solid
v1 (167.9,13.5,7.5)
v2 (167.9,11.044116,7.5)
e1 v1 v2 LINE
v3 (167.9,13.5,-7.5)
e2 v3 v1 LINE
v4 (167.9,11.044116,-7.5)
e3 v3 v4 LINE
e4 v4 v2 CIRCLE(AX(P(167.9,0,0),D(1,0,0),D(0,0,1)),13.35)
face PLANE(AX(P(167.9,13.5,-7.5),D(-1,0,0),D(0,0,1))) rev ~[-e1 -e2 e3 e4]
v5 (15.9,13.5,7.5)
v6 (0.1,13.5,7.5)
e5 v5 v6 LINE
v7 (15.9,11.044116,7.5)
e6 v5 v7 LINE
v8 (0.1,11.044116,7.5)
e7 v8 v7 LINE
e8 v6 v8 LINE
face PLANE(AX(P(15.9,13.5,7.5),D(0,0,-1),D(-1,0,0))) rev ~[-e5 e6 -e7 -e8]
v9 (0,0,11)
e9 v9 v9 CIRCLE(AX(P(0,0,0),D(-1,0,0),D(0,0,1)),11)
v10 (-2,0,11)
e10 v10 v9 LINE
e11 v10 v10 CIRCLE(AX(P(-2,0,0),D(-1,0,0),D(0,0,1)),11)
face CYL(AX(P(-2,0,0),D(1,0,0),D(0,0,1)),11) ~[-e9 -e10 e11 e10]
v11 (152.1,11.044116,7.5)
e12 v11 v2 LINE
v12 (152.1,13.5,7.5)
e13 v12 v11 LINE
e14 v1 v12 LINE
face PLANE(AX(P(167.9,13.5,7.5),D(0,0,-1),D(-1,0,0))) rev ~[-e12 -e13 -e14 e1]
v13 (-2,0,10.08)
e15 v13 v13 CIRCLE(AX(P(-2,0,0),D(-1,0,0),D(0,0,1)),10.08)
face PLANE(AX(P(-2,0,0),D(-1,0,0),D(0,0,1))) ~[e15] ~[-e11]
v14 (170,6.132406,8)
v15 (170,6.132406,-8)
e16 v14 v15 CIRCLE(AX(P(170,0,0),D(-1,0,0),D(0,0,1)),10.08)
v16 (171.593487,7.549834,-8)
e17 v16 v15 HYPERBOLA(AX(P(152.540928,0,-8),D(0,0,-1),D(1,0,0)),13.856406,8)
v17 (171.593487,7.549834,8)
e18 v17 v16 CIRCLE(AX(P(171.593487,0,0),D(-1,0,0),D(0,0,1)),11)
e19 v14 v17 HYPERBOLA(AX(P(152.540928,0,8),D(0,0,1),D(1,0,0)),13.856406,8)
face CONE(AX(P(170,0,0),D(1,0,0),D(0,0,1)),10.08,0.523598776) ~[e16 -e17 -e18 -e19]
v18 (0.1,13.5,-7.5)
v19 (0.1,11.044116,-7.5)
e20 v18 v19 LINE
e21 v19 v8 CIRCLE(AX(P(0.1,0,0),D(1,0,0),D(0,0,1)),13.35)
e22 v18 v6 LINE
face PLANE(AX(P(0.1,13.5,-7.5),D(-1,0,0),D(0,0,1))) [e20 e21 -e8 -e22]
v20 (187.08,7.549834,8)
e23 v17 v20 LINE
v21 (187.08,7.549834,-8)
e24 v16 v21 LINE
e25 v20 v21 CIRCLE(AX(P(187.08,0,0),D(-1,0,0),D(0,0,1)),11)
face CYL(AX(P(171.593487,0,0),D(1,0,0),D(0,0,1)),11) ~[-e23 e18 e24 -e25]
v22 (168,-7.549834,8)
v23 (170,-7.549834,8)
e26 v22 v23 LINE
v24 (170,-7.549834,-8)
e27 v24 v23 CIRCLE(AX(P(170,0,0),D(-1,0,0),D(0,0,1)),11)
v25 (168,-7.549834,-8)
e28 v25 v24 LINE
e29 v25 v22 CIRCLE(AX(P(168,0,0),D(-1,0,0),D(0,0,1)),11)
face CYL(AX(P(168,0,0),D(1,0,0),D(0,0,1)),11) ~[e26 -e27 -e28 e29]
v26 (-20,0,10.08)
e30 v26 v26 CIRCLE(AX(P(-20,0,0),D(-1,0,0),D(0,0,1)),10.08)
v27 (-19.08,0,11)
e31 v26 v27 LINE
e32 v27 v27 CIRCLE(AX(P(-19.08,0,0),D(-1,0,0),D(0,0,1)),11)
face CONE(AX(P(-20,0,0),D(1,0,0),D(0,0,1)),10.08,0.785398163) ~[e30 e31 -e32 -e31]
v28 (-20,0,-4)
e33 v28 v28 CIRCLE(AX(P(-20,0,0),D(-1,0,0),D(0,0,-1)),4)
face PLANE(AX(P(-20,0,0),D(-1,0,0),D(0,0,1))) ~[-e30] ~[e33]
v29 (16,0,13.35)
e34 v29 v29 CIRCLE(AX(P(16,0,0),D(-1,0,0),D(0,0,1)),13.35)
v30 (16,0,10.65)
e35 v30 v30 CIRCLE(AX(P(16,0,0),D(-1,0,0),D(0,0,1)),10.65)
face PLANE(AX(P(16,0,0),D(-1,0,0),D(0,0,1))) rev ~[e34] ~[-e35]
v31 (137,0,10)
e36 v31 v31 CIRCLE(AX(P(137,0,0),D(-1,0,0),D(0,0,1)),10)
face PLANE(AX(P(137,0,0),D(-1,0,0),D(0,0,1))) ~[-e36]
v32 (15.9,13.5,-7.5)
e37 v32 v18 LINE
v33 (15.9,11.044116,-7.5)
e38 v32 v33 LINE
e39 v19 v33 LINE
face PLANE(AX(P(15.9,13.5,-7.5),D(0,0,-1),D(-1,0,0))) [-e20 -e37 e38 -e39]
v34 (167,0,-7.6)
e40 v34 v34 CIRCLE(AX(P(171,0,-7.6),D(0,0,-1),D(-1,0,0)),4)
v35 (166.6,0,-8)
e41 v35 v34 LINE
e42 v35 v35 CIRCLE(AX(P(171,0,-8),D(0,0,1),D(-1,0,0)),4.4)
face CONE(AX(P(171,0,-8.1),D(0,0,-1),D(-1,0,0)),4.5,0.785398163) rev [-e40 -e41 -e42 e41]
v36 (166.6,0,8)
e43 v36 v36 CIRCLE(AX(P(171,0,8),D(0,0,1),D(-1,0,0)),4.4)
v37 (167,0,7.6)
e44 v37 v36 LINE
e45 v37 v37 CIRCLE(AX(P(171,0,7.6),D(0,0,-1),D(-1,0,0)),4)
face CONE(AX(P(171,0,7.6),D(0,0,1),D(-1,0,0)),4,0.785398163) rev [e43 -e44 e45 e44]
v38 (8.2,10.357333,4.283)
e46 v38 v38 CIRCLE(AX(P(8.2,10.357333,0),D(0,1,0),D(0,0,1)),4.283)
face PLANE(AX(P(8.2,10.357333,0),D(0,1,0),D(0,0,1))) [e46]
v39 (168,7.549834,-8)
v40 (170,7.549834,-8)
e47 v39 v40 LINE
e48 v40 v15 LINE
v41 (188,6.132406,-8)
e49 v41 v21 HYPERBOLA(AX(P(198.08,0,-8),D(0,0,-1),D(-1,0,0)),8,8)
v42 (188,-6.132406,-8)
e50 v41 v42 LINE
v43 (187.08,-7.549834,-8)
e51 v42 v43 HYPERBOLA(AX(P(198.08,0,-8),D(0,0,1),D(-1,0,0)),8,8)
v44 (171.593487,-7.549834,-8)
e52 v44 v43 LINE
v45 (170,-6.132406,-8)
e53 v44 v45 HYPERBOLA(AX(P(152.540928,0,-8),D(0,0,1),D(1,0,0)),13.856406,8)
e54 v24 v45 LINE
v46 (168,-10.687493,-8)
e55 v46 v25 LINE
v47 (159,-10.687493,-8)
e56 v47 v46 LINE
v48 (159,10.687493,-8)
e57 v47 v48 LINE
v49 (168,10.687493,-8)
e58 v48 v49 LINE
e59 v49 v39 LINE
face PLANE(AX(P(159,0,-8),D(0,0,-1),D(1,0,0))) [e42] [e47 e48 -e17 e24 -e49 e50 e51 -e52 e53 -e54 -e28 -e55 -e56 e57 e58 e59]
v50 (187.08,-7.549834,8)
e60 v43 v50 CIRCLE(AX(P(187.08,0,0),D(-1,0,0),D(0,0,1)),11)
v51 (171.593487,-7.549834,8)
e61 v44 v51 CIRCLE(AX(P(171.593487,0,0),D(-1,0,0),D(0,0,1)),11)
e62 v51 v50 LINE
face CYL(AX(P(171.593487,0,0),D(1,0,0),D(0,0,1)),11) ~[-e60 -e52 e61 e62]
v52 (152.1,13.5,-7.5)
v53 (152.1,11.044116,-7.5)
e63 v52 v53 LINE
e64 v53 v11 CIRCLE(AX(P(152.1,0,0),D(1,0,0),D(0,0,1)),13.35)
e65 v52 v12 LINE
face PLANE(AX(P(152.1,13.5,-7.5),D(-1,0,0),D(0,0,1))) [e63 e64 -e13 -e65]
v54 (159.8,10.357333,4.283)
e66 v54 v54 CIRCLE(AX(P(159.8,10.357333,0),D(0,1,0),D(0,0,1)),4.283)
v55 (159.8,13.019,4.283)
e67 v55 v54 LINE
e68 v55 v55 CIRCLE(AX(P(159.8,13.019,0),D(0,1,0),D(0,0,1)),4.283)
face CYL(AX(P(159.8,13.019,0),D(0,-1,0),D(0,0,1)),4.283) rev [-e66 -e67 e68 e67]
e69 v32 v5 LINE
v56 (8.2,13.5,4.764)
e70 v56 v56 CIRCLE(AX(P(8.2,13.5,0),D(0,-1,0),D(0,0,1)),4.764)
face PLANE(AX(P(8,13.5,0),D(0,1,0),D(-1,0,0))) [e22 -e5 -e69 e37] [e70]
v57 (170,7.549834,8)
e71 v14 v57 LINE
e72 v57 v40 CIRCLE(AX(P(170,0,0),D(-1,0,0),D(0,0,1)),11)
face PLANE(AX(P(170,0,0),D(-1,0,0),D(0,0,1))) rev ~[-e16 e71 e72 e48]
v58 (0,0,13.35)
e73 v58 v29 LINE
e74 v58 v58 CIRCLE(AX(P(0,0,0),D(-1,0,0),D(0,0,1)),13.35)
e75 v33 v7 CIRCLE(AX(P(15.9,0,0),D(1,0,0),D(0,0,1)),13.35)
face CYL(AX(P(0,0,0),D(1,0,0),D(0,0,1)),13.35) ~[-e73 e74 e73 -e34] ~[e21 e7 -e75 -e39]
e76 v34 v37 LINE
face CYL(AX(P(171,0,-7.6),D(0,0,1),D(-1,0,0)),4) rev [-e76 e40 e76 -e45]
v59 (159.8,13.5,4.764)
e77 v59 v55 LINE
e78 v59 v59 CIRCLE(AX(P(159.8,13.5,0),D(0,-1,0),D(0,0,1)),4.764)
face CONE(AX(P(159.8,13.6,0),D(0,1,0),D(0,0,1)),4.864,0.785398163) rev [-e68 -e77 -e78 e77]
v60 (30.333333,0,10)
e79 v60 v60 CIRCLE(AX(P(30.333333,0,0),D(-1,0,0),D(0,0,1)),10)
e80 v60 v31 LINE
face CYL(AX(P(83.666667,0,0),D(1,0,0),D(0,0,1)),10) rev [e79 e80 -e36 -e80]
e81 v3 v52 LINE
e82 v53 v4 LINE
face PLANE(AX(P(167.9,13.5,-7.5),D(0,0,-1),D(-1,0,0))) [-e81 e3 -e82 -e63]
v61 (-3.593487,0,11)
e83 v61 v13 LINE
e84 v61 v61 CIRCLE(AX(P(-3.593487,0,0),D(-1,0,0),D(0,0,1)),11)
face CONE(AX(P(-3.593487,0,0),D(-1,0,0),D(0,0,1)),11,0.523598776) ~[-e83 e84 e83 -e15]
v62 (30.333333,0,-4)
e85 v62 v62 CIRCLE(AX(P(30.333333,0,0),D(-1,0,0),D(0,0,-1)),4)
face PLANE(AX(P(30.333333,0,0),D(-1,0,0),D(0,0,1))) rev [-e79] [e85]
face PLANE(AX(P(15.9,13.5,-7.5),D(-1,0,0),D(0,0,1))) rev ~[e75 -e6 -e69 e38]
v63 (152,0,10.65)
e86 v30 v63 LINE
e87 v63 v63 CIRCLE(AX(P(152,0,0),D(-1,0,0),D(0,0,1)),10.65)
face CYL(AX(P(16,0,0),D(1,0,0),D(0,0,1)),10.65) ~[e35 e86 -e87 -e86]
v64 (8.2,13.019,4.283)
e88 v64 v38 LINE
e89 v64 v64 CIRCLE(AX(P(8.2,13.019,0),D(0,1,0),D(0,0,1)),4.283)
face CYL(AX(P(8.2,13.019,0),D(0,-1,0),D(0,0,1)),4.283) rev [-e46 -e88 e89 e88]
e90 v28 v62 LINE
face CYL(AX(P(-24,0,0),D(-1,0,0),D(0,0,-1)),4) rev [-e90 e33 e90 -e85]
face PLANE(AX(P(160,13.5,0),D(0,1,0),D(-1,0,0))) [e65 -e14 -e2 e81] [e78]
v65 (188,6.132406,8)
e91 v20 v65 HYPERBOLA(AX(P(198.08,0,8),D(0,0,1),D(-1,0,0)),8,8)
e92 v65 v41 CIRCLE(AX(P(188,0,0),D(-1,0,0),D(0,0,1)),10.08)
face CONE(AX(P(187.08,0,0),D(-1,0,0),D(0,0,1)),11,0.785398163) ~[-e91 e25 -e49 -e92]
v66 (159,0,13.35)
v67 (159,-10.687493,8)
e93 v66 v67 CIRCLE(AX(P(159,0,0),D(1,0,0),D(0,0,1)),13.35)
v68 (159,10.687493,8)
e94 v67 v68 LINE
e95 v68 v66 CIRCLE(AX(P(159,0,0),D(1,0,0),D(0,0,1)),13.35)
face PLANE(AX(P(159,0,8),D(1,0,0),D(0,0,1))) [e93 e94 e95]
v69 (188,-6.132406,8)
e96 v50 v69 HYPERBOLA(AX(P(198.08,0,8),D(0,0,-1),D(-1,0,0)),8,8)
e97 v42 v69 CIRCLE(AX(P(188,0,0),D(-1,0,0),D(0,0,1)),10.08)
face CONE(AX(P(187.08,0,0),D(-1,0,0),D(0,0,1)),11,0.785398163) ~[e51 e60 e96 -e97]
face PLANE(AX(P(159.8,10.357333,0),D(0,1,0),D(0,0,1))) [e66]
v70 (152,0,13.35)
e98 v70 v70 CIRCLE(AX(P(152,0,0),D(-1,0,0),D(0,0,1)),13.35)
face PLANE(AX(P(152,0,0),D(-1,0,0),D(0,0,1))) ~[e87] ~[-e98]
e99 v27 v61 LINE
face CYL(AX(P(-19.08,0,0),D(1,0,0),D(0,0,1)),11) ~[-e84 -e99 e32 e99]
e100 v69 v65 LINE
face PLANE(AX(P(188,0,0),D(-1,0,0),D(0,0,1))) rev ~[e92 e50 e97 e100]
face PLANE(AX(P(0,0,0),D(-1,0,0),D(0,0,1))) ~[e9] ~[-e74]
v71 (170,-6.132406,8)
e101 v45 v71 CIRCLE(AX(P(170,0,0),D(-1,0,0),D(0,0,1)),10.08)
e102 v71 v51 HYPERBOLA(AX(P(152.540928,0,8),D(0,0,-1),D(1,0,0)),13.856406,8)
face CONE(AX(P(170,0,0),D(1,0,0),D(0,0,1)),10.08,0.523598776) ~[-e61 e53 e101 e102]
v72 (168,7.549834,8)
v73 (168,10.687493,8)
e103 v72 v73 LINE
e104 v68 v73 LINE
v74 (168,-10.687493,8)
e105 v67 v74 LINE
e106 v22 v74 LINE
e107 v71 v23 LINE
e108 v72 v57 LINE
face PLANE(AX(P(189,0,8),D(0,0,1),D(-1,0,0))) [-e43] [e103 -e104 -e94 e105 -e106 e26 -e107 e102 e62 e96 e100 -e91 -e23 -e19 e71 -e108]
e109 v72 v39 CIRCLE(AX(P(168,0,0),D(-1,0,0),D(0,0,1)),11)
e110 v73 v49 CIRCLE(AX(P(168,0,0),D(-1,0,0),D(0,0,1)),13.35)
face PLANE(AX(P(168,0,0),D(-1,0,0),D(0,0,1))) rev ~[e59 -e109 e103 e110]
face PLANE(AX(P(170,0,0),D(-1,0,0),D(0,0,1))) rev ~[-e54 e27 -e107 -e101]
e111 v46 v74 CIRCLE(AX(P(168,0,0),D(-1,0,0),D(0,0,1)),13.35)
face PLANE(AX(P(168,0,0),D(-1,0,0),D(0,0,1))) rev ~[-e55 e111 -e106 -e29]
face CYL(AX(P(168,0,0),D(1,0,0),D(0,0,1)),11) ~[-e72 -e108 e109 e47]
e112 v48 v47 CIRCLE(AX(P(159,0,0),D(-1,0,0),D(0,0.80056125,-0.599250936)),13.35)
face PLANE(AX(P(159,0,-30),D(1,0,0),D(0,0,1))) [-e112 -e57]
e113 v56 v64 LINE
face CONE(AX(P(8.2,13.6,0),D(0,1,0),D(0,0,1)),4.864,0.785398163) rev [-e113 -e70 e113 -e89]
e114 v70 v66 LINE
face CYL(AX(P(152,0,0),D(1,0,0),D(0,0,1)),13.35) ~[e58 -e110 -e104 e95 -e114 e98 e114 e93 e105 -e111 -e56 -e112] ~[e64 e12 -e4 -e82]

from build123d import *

# Parameters (mm, degrees)
SKETCH2_W               = 15.8
SKETCH2_H               = 15
BOSS_EXTRUDE1_DEPTH     = 6.75
SKETCH3_W               = 15.8
SKETCH3_H               = 15
BOSS_EXTRUDE2_DEPTH     = 6.75
CUT_EXTRUDE1_DEPTH      = 27
CUT_EXTRUDE1_DEPTH_BACK = 27
SKETCH8_R               = 4
CUT_EXTRUDE2_DEPTH      = 160.9
SKETCH9_W               = 106.666666667
SKETCH9_H               = 10


with BuildPart() as part:
    # Sketch1 → Revolve1 (revolve)
    with BuildSketch(Plane.XY, mode=Mode.PRIVATE) as revolve1_sk:
        Polygon((-20, 0), (-20, 10.08), (-19.08, 11), (-3.593486743, 11), (-2, 10.08), (-2, 11), (0, 11), (0, 13.35), (16, 13.35), (16, 10.65), (152, 10.65), (152, 13.35), (168, 13.35), (168, 11), (170, 11), (170, 10.08), (171.593486743, 11), (187.08, 11), (188, 10.08), (188, 0), align=None)
    revolve(revolve1_sk.sketch.rotate(Axis((188, 0, 0), (-1, 0, 0)), 270), axis=Axis((188, 0, 0), (-1, 0, 0)))  # turned: the seam where the file's is

    # Sketch2 → Boss-Extrude1 (add)
    with BuildSketch(Plane(origin=(0, 13.5, 0), x_dir=(-1, 0, 0), z_dir=(0, 1, 0))):
        with Locations((-8, 0)):
            Rectangle(SKETCH2_W, SKETCH2_H)
    extrude(amount=-BOSS_EXTRUDE1_DEPTH)

    # Sketch3 → Boss-Extrude2 (add)
    with BuildSketch(Plane(origin=(0, 13.5, 0), x_dir=(-1, 0, 0), z_dir=(0, 1, 0))):
        with Locations((-160, 0)):
            Rectangle(SKETCH3_W, SKETCH3_H)
    extrude(amount=-BOSS_EXTRUDE2_DEPTH)

    # Sketch4 → Cut-Revolve1 (revolve, cut)
    with BuildSketch(Plane.XY, mode=Mode.PRIVATE) as cut_revolve1_sk:
        Polygon((8.2, 13.6), (13.064, 13.6), (12.483, 13.019), (12.483, 10.357333333), (8.2, 10.357333333), align=None)
    revolve(cut_revolve1_sk.sketch.rotate(Axis((8.2, 10.357333333, 0), (0, 1, 0)), 270), axis=Axis((8.2, 10.357333333, 0), (0, 1, 0)), mode=Mode.SUBTRACT)  # turned: the seam where the file's is

    # Sketch5 → Cut-Revolve2 (revolve, cut)
    with BuildSketch(Plane.XY, mode=Mode.PRIVATE) as cut_revolve2_sk:
        Polygon((159.8, 13.6), (164.664, 13.6), (164.083, 13.019), (164.083, 10.357333333), (159.8, 10.357333333), align=None)
    revolve(cut_revolve2_sk.sketch.rotate(Axis((159.8, 10.357333333, 0), (0, 1, 0)), 270), axis=Axis((159.8, 10.357333333, 0), (0, 1, 0)), mode=Mode.SUBTRACT)  # turned: the seam where the file's is

    # Sketch6 → Cut-Extrude1 (cut, two sides)
    with BuildSketch(Plane(origin=(0, 0, 0), x_dir=(-1, 0, 0), z_dir=(0, 1, 0))) as cut_extrude1_sk:
        Polygon((-159, 30), (-205, 30), (-205, -30), (-159, -30), (-159, -8), (-189, -8), (-189, 8), (-159, 8), align=None)
    extrude(amount=CUT_EXTRUDE1_DEPTH, mode=Mode.SUBTRACT)
    extrude(cut_extrude1_sk.sketch, amount=-CUT_EXTRUDE1_DEPTH_BACK, mode=Mode.SUBTRACT)

    # Sketch7 → Cut-Revolve3 (revolve, cut)
    with BuildSketch(Plane(origin=(0, 0, 0), x_dir=(-1, 0, 0), z_dir=(0, 1, 0)), mode=Mode.PRIVATE) as cut_revolve3_sk:
        Polygon((-171, -8.1), (-175.5, -8.1), (-175, -7.6), (-175, 7.6), (-175.5, 8.1), (-171, 8.1), align=None)
    revolve(cut_revolve3_sk.sketch.rotate(Axis((171, 0, 8.1), (0, 0, -1)), 180), axis=Axis((171, 0, 8.1), (0, 0, -1)), mode=Mode.SUBTRACT)  # turned: the seam where the file's is

    # Sketch8 → Cut-Extrude2 (cut)
    with BuildSketch(Plane(origin=(-24, 0, 0), x_dir=(0, 0, -1), z_dir=(1, 0, 0))):
        Circle(SKETCH8_R)
    extrude(amount=CUT_EXTRUDE2_DEPTH, mode=Mode.SUBTRACT)

    # Sketch9 → Cut-Revolve4 (revolve, cut)
    with BuildSketch(Plane.XY, mode=Mode.PRIVATE) as cut_revolve4_sk:
        with Locations((83.666666667, 5)):
            Rectangle(SKETCH9_W, SKETCH9_H)
    revolve(cut_revolve4_sk.sketch.rotate(Axis((137, 0, 0), (-1, 0, 0)), 270), axis=Axis((137, 0, 0), (-1, 0, 0)), mode=Mode.SUBTRACT)  # turned: the seam where the file's is


solid = part.part
